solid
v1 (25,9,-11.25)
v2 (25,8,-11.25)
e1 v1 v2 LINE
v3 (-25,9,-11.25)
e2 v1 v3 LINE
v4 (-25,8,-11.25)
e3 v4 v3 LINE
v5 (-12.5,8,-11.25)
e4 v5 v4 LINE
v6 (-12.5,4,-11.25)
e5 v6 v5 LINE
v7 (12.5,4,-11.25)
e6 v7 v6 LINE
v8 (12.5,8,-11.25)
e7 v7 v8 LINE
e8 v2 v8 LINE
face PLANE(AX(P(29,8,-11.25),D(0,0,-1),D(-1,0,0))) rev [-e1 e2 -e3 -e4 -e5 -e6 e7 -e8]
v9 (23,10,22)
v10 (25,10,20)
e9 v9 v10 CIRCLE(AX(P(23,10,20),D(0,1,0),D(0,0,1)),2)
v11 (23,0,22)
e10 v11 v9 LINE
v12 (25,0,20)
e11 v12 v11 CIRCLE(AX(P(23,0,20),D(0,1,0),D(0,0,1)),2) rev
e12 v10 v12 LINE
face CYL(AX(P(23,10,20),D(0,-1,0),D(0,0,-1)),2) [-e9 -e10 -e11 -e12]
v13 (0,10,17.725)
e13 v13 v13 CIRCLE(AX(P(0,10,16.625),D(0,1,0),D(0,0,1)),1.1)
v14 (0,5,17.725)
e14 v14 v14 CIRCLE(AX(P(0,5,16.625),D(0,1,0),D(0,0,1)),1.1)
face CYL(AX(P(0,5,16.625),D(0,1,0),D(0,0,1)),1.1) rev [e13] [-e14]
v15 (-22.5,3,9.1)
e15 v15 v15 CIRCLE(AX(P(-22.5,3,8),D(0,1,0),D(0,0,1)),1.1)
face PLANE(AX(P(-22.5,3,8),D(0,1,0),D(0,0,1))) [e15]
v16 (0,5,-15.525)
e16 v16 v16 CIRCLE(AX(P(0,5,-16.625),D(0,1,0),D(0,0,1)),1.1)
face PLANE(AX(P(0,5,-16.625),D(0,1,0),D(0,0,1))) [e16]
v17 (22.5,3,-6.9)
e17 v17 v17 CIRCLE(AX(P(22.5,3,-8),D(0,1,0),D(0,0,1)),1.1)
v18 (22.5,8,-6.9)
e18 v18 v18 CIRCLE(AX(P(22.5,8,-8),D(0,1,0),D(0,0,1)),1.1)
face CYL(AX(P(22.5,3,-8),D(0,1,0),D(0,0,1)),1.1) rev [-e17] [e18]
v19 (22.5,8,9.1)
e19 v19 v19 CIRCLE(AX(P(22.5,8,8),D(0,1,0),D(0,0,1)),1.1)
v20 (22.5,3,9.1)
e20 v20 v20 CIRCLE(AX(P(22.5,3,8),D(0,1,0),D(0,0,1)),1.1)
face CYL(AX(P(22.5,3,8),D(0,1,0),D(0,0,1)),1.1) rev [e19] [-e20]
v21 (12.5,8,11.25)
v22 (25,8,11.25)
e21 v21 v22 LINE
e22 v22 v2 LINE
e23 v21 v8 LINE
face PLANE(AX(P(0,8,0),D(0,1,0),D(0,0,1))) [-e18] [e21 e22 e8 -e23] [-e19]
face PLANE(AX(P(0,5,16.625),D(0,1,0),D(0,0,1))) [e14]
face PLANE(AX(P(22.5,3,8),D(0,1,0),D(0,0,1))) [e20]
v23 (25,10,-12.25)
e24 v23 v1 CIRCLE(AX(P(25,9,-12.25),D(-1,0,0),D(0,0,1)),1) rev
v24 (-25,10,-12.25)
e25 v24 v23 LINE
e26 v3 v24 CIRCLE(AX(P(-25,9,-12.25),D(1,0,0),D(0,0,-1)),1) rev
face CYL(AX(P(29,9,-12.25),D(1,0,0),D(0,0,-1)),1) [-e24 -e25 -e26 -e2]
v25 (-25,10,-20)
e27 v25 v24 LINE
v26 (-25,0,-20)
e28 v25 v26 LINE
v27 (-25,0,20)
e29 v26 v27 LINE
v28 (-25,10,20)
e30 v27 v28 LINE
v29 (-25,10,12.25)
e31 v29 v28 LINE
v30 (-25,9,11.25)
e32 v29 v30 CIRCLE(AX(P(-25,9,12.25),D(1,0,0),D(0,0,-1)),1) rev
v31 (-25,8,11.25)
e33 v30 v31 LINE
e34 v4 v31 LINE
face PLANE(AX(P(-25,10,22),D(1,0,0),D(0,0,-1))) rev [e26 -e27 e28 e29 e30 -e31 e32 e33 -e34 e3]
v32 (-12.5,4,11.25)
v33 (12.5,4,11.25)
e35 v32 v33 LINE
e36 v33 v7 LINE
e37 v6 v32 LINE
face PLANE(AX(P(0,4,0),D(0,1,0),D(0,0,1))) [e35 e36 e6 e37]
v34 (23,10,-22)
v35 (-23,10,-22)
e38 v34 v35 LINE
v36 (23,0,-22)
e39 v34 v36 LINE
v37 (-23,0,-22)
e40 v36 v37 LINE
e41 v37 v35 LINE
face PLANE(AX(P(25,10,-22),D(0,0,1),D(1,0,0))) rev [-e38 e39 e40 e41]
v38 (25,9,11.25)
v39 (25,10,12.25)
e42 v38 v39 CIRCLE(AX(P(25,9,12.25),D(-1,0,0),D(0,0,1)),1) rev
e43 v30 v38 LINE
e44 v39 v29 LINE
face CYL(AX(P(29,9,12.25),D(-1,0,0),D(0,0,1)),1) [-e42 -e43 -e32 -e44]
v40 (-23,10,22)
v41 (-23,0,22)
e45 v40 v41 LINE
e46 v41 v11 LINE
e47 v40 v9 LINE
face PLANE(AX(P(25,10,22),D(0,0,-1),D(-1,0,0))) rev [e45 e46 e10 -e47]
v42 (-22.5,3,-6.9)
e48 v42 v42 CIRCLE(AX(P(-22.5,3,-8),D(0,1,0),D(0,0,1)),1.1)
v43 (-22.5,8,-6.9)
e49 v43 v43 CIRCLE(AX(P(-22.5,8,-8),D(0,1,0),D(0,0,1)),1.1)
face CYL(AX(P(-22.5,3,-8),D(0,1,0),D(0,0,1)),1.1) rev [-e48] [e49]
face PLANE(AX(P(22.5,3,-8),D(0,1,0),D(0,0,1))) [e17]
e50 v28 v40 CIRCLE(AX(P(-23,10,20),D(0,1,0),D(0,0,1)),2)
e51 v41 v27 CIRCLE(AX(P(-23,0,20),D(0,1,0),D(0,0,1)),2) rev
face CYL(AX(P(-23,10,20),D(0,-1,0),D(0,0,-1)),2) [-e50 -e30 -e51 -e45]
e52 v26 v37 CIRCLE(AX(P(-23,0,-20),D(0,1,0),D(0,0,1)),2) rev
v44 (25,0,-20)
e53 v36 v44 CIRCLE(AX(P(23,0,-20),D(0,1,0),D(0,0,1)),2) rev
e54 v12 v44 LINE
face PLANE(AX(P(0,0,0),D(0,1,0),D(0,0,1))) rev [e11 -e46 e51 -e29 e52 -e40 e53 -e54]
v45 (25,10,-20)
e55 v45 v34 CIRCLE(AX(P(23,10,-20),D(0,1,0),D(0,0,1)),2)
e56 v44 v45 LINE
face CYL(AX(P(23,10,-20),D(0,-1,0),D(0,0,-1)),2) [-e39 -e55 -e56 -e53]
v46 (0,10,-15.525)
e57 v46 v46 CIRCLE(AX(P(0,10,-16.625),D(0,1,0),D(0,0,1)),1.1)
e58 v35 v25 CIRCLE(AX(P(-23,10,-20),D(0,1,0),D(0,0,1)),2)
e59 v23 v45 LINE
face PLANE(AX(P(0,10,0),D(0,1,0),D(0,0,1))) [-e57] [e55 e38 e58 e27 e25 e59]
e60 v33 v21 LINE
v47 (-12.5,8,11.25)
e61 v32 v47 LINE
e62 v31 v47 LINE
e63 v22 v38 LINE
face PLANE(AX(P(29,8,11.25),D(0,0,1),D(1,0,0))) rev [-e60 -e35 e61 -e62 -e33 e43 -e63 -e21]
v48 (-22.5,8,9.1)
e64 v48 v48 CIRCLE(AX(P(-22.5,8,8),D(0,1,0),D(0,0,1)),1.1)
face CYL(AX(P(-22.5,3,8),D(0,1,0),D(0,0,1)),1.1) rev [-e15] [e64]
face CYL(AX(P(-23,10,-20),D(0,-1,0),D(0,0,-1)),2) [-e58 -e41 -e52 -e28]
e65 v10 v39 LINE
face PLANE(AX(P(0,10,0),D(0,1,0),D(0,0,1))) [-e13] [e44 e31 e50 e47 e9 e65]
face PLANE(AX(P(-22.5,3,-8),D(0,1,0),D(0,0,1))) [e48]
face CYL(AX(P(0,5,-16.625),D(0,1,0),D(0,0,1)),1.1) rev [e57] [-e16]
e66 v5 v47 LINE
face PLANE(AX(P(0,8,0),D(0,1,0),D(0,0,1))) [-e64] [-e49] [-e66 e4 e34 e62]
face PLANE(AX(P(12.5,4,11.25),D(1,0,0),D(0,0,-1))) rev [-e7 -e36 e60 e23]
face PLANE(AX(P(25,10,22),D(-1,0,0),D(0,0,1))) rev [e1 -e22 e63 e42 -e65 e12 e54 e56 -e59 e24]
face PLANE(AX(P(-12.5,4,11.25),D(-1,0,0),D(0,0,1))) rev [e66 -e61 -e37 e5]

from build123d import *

# Parameters (mm, degrees)
CROQUIS1_W              = 50
CROQUIS1_H              = 44
SALIENTE_EXTRUIR1_DEPTH = 10
CROQUIS2_W              = 58
CROQUIS2_H              = 22.5
CORTAR_EXTRUIR2_DEPTH   = 2
CROQUIS3_W              = 25
CROQUIS3_H              = 22.5
CORTAR_EXTRUIR3_DEPTH   = 4
CROQUIS4_R              = 1.1
CORTAR_EXTRUIR4_DEPTH   = 5
CROQUIS5_R              = 1.1
CORTAR_EXTRUIR5_DEPTH   = 5
REDONDEO1_R             = 2
REDONDEO2_R             = 1


with BuildPart() as part:
    # Croquis1 → Saliente-Extruir1 (new body)
    with BuildSketch(Plane(origin=(0, 0, 0), x_dir=(1, 0, 0), z_dir=(0, 1, 0))):
        Rectangle(CROQUIS1_W, CROQUIS1_H)
    extrude(amount=SALIENTE_EXTRUIR1_DEPTH)

    # Croquis2 → Cortar-Extruir2 (cut)
    with BuildSketch(Plane(origin=(0, 10, 0), x_dir=(1, 0, 0), z_dir=(0, 1, 0))):
        Rectangle(CROQUIS2_W, CROQUIS2_H)
    extrude(amount=-CORTAR_EXTRUIR2_DEPTH, mode=Mode.SUBTRACT)

    # Croquis3 → Cortar-Extruir3 (cut)
    with BuildSketch(Plane(origin=(0, 8, 0), x_dir=(1, 0, 0), z_dir=(0, 1, 0))):
        Rectangle(CROQUIS3_W, CROQUIS3_H)
    extrude(amount=-CORTAR_EXTRUIR3_DEPTH, mode=Mode.SUBTRACT)

    # Croquis4 → Cortar-Extruir4 (cut)
    with BuildSketch(Plane(origin=(0, 8, 0), x_dir=(1, 0, 0), z_dir=(0, 1, 0))):
        with Locations(Location((-22.5, 8, 0), (0, 0, 270))):
            Circle(CROQUIS4_R)
        with Locations(Location((-22.5, -8, 0), (0, 0, 270))):
            Circle(CROQUIS4_R)
        with Locations(Location((22.5, 8, 0), (0, 0, 270))):
            Circle(CROQUIS4_R)
        with Locations(Location((22.5, -8, 0), (0, 0, 270))):
            Circle(CROQUIS4_R)
    extrude(amount=-CORTAR_EXTRUIR4_DEPTH, mode=Mode.SUBTRACT)

    # Croquis5 → Cortar-Extruir5 (cut)
    with BuildSketch(Plane(origin=(0, 10, 0), x_dir=(1, 0, 0), z_dir=(0, 1, 0))):
        with Locations(Location((0, 16.625, 0), (0, 0, 270))):
            Circle(CROQUIS5_R)
        with Locations(Location((0, -16.625, 0), (0, 0, 270))):
            Circle(CROQUIS5_R)
    extrude(amount=-CORTAR_EXTRUIR5_DEPTH, mode=Mode.SUBTRACT)

    # Redondeo1
    redondeo1_edges = [part.edges().sort_by_distance(p)[0] for p in [
        (-25, 5, -22),
        (25, 5, -22),
        (25, 5, 22),
        (-25, 5, 22),
    ]]
    fillet(redondeo1_edges, radius=REDONDEO1_R)

    # Redondeo2
    redondeo2_edges = [part.edges().sort_by_distance(p)[0] for p in [
        (0, 10, 11.25),
        (0, 10, -11.25),
    ]]
    fillet(redondeo2_edges, radius=REDONDEO2_R)


solid = part.part
